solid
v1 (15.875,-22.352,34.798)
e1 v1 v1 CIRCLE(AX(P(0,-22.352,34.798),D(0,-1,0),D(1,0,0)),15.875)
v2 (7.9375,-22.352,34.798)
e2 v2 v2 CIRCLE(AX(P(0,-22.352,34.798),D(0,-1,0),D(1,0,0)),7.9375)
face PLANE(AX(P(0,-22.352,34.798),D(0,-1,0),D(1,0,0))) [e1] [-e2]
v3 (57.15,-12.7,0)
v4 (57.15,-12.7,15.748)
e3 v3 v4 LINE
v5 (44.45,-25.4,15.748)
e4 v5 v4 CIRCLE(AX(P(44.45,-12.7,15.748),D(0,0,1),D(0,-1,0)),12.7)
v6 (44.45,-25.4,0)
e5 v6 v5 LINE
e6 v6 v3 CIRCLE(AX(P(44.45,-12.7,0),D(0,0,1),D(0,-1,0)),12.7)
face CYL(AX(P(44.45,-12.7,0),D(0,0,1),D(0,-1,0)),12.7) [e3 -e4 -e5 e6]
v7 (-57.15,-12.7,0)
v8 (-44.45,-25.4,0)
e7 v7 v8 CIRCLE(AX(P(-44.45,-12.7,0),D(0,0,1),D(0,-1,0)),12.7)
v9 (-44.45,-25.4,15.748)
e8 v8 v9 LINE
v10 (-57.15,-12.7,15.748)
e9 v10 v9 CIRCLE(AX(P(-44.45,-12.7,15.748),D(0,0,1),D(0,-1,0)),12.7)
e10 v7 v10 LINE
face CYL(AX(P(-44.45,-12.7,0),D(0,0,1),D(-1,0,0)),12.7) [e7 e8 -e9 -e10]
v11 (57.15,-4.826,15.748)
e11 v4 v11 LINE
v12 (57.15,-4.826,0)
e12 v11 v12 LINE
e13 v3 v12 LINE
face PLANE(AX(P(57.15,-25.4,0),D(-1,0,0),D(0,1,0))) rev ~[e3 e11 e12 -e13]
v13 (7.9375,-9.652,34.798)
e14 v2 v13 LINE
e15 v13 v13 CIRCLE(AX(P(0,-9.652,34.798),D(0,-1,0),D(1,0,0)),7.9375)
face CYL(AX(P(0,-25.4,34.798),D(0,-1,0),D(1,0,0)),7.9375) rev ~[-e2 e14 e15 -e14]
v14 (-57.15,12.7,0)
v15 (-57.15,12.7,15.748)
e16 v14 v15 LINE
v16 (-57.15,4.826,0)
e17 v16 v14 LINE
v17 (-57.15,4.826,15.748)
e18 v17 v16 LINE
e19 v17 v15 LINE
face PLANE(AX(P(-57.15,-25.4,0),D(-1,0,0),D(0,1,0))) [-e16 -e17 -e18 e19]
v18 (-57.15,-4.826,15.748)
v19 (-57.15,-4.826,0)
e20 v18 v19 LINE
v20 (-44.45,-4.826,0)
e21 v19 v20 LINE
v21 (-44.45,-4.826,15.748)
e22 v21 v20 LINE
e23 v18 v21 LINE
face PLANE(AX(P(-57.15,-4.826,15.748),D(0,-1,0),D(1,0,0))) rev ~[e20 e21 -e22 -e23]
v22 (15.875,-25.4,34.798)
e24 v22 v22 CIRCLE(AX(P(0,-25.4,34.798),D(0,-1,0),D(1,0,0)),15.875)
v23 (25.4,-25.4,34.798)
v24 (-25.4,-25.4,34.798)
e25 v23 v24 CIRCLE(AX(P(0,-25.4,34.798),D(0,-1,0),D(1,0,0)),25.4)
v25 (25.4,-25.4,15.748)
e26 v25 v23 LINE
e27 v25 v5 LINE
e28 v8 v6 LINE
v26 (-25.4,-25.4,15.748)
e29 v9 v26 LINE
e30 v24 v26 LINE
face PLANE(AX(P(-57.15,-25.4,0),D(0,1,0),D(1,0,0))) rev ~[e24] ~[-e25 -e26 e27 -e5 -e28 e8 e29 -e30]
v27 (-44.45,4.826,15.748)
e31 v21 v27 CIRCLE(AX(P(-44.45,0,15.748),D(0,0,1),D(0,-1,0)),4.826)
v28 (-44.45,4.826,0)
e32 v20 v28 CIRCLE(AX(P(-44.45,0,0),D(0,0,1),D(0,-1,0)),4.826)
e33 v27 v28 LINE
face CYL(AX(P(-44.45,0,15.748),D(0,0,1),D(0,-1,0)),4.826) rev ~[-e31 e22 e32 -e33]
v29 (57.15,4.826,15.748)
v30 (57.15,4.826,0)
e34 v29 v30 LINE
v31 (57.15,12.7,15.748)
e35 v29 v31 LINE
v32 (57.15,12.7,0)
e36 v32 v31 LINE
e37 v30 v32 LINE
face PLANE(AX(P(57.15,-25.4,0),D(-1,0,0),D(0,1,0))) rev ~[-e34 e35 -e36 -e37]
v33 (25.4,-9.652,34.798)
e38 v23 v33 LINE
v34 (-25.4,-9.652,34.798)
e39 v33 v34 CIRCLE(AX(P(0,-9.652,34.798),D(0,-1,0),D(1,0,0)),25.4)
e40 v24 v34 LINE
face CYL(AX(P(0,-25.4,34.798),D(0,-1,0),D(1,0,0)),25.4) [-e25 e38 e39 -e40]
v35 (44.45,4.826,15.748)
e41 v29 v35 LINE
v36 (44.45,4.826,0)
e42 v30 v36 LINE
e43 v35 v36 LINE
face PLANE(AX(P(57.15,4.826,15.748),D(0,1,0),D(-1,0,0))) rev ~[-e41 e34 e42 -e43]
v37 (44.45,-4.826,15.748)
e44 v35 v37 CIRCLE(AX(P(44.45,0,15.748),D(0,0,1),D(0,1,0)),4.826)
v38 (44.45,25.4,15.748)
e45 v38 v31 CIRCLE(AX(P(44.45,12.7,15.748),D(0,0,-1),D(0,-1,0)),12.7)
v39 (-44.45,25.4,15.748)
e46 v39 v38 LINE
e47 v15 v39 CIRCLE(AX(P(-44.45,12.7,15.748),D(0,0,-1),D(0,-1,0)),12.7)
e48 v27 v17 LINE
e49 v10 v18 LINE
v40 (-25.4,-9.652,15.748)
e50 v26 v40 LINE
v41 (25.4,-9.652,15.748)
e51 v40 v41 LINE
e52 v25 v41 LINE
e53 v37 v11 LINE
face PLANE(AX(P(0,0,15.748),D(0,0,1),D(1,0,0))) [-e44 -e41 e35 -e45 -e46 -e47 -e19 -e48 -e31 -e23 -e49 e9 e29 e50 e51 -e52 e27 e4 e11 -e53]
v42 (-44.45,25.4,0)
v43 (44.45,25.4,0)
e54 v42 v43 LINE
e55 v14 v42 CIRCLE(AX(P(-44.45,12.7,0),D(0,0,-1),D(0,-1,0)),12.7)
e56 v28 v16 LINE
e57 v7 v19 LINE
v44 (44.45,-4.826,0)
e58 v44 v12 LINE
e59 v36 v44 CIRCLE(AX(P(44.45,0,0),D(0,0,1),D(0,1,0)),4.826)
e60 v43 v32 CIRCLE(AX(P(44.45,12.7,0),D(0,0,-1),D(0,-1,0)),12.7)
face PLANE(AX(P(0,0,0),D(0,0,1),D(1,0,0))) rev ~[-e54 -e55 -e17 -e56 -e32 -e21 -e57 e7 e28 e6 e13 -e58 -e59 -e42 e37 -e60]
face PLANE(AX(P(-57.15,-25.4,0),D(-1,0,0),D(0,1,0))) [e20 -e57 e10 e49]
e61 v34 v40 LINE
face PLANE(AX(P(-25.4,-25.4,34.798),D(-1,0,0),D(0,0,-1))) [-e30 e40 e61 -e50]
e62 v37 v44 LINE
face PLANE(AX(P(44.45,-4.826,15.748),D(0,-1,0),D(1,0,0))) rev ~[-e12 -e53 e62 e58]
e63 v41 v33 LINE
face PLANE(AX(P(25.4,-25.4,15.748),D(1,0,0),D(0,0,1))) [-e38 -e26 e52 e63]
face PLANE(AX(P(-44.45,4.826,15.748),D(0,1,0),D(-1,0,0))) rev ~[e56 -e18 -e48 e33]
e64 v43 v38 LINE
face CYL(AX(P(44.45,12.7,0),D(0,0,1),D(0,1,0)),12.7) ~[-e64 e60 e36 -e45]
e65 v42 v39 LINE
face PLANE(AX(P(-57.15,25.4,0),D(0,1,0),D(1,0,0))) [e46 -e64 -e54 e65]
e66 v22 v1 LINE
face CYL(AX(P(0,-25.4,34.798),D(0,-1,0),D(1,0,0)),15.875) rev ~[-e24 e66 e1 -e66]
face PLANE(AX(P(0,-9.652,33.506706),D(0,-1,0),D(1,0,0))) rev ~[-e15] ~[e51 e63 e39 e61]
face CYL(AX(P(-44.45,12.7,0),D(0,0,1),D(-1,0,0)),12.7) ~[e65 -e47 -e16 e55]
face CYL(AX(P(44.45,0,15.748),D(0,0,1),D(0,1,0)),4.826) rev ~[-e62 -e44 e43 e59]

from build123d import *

# Parameters (mm, degrees)
F0_W     = 114.3
F0_H     = 50.8
F1_DEPTH = 15.748
F2_R     = 15.875
F2_R_2   = 7.9375
F3_DEPTH = 15.748
F4_DEPTH = 3.048
F5_DEPTH = 50.801
F7_DEPTH = 15.749
F8_R     = 12.7


with BuildPart() as f1:
    # F0 (on Top) → F1 (new body)
    with BuildSketch(Plane.XY):
        Rectangle(F0_W, F0_H)
    extrude(amount=F1_DEPTH)

    # F2 (on face) → F3 (join)
    with BuildSketch(Plane.XZ.offset(25.4)):
        with BuildLine():
            Line((25.4, 15.748), (25.4, 34.798))
            ThreePointArc((25.4, 34.798), (0, 60.198), (-25.4, 34.798))
            Line((-25.4, 34.798), (-25.4, 15.748))
            Line((-25.4, 15.748), (25.4, 15.748))
        make_face()
        with Locations((0, 34.798)):
            Circle(F2_R, mode=Mode.SUBTRACT)
        with Locations((0, 34.798)):
            Circle(F2_R_2)
        with Locations((0, 34.798)):
            Circle(F2_R)
        with Locations((0, 34.798)):
            Circle(F2_R_2, mode=Mode.SUBTRACT)
    extrude(amount=-F3_DEPTH)

    # F2 (on face) → F4 (cut)
    with BuildSketch(Plane.XZ.offset(25.4)):
        with Locations((0, 34.798)):
            Circle(F2_R)
        with Locations((0, 34.798)):
            Circle(F2_R_2, mode=Mode.SUBTRACT)
    extrude(amount=-F4_DEPTH, mode=Mode.SUBTRACT)

    # F2 (on face) → F5 (cut, through all)
    with BuildSketch(Plane.XZ.offset(25.4)):
        with Locations((0, 34.798)):
            Circle(F2_R_2)
    extrude(amount=-F5_DEPTH, mode=Mode.SUBTRACT)

    # F6 (on face) → F7 (cut, through all)
    with BuildSketch(Plane.XY.offset(15.748)):
        with BuildLine():
            Line((-57.15, -4.826), (-44.45, -4.826))
            ThreePointArc((-44.45, -4.826), (-39.624, 0), (-44.45, 4.826))
            Line((-44.45, 4.826), (-57.15, 4.826))
            Line((-57.15, 4.826), (-57.15, -4.826))
        make_face()
        with BuildLine():
            Line((57.15, -4.826), (57.15, 4.826))
            Line((57.15, 4.826), (44.45, 4.826))
            ThreePointArc((44.45, 4.826), (39.624, 0), (44.45, -4.826))
            Line((44.45, -4.826), (57.15, -4.826))
        make_face()
    extrude(amount=-F7_DEPTH, mode=Mode.SUBTRACT)

    # F8
    f8_edges = [f1.edges().sort_by_distance(p)[0] for p in [
        (57.15, -25.4, 7.874),
        (57.15, 25.4, 7.874),
        (-57.15, -25.4, 7.874),
        (-57.15, 25.4, 7.874),
    ]]
    fillet(f8_edges, radius=F8_R)


solid = f1.part
